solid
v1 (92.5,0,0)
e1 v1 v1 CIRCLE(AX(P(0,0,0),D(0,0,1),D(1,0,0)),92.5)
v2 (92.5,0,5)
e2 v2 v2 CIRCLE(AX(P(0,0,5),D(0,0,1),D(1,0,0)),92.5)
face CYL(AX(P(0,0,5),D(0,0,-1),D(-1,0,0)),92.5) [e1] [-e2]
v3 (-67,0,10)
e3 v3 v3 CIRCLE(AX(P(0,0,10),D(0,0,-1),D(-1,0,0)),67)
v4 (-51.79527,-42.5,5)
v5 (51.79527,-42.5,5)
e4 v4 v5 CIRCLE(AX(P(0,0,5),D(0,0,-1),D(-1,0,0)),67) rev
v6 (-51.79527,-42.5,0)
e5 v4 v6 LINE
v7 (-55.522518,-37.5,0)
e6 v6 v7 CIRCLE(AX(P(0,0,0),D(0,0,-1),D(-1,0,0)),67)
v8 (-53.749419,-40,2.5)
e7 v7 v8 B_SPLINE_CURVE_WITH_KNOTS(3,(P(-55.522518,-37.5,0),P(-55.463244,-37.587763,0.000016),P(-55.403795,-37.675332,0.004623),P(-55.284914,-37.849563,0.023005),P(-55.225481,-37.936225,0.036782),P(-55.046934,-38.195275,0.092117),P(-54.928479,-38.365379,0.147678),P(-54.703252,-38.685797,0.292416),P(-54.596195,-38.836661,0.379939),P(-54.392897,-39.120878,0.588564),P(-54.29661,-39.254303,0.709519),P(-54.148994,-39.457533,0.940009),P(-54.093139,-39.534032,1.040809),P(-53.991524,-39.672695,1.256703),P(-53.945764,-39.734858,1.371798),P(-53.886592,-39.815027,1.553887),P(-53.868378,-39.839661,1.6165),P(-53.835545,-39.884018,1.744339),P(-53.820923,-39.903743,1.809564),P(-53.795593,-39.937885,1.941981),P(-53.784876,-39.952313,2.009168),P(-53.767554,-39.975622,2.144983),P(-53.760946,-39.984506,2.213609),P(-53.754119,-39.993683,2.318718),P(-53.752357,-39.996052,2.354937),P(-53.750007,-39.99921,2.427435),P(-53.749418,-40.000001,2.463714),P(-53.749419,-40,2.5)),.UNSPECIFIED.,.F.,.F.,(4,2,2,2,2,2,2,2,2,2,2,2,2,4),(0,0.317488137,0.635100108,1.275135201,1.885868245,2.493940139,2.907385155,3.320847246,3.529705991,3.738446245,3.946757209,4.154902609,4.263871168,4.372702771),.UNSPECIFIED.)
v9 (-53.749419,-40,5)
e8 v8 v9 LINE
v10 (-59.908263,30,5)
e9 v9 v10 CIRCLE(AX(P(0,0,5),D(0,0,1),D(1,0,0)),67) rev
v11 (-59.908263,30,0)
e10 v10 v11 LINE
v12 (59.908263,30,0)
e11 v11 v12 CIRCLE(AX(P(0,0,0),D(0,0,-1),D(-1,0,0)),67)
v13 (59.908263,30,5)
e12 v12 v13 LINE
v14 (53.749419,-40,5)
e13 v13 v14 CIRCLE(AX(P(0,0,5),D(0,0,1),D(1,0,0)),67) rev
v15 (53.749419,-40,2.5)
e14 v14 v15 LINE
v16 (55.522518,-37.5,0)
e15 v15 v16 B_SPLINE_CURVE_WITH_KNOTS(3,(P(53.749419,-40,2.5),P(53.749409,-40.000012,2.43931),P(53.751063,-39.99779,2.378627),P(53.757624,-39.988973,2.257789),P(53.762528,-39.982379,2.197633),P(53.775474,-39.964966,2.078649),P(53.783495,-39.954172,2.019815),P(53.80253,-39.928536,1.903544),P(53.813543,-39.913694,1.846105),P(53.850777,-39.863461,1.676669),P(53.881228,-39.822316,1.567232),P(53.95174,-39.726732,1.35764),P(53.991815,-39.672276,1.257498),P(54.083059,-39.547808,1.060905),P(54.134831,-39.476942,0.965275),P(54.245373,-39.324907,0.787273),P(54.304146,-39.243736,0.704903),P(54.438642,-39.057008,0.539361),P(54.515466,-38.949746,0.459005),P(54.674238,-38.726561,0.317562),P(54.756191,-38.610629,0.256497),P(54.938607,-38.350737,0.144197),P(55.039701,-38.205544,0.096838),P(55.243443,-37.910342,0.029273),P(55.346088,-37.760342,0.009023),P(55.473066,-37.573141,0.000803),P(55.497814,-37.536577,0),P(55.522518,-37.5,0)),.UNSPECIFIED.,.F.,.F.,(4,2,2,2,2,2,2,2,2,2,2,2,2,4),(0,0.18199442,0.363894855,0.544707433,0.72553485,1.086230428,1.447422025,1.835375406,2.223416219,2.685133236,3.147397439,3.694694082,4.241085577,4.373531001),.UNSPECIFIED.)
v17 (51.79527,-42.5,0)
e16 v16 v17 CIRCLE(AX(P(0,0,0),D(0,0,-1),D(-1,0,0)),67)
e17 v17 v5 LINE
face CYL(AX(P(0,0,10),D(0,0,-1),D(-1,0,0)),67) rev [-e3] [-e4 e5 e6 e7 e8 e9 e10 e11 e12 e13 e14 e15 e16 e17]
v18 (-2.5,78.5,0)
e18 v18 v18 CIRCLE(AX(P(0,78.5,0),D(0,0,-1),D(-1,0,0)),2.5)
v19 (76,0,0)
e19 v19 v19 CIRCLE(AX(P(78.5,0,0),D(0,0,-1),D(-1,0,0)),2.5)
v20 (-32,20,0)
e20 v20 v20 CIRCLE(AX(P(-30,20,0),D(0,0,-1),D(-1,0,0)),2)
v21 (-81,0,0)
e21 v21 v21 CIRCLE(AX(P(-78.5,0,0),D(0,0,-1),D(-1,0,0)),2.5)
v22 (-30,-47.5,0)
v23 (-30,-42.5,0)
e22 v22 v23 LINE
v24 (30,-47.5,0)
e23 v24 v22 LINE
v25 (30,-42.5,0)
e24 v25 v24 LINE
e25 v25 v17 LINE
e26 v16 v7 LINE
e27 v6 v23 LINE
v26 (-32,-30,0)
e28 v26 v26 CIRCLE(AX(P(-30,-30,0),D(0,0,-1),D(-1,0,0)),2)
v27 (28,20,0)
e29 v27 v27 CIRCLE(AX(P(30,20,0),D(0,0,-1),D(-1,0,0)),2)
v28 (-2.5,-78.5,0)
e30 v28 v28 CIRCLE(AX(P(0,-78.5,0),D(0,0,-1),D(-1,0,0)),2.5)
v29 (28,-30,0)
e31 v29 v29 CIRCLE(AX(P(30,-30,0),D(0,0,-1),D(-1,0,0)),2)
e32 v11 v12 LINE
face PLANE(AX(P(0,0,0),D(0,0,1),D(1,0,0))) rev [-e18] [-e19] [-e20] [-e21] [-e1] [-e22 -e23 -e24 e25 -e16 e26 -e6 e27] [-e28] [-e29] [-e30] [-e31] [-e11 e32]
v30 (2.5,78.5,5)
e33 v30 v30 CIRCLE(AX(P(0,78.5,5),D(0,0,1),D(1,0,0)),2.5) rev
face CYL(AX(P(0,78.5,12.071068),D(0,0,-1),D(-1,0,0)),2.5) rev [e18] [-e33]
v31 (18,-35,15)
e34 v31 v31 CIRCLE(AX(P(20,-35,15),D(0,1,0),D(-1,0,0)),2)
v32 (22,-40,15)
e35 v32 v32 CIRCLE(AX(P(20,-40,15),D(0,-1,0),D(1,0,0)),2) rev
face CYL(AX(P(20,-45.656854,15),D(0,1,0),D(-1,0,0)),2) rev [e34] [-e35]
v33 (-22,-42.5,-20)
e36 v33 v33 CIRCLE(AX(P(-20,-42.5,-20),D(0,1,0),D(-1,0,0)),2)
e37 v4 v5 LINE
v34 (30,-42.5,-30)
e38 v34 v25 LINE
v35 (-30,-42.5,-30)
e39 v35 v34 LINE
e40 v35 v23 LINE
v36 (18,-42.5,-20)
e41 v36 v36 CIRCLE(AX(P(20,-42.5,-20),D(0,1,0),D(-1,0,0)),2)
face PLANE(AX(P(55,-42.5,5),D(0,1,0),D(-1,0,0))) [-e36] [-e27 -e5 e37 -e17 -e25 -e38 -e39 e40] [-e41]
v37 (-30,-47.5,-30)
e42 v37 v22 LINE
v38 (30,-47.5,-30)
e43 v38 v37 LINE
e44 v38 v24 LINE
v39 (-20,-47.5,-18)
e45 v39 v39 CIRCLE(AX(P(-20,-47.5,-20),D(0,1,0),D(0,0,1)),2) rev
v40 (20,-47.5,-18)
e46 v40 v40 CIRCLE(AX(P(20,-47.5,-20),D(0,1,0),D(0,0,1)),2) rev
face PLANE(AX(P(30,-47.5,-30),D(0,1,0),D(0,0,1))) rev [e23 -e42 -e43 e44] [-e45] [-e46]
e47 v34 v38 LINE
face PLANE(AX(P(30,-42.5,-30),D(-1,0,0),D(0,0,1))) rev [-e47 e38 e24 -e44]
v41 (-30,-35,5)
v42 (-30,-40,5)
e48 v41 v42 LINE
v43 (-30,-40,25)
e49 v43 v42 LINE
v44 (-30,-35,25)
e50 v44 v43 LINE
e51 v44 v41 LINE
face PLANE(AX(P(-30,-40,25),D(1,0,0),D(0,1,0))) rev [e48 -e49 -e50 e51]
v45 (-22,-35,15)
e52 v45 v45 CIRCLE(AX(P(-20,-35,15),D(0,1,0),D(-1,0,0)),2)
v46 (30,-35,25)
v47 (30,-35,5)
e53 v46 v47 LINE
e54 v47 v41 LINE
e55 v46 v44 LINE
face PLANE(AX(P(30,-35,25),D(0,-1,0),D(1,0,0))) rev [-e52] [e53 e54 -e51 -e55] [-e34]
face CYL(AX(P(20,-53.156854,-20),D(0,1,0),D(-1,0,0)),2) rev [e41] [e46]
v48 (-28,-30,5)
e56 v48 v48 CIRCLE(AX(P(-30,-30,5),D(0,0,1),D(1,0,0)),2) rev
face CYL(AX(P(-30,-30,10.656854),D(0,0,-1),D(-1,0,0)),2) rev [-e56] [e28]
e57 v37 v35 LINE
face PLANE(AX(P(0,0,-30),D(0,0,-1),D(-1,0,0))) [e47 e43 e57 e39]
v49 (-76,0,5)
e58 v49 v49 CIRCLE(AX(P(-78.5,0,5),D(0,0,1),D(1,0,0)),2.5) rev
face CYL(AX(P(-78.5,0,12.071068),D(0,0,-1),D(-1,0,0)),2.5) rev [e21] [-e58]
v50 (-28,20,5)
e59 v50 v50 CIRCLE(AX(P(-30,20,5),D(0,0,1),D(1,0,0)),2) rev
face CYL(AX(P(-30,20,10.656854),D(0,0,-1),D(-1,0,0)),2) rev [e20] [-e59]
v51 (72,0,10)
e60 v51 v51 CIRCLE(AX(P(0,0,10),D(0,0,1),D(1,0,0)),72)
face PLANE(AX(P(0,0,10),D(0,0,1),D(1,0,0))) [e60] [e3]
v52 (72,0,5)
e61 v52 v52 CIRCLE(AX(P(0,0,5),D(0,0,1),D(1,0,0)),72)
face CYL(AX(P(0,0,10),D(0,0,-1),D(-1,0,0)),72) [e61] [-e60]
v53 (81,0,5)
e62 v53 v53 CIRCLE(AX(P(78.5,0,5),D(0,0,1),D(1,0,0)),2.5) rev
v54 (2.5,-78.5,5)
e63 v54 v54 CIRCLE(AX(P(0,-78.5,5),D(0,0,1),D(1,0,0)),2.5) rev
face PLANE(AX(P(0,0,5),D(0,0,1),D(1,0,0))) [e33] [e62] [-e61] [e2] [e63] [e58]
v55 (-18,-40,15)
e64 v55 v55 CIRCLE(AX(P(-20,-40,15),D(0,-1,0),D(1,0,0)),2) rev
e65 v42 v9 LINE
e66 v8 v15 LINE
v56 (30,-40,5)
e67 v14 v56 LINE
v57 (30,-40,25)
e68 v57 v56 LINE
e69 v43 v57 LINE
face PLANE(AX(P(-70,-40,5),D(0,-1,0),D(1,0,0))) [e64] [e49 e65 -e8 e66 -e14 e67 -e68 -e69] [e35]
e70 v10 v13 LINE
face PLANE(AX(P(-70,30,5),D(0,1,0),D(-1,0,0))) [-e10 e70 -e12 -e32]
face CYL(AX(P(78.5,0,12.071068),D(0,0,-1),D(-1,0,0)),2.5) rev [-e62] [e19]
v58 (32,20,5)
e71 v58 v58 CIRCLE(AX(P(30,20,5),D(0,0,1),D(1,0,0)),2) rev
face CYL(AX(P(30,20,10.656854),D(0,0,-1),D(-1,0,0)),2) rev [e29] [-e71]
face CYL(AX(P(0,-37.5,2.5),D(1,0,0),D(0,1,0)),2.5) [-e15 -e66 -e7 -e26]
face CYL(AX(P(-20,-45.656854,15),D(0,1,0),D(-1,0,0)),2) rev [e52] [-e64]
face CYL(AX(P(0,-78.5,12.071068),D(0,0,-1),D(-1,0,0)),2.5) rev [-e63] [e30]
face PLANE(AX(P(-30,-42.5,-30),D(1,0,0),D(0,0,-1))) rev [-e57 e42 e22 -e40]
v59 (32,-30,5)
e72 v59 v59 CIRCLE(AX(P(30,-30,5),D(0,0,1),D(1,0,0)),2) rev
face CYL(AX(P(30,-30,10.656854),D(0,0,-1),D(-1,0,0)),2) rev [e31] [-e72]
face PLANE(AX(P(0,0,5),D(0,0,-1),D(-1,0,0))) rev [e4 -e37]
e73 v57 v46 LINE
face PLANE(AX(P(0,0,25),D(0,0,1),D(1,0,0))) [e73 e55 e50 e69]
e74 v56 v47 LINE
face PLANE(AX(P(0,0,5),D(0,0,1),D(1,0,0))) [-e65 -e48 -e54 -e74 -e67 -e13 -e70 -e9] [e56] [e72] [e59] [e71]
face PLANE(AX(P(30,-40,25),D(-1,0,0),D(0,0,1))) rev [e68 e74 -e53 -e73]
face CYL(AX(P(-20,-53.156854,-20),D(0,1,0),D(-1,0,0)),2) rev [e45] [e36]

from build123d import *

# Parameters (mm, degrees)
SKETCH1_R           = 92.5
BOSS_EXTRUDE1_DEPTH = 5
SKETCH2_R           = 72
BOSS_EXTRUDE2_DEPTH = 5
SKETCH3_R           = 67
CUT_EXTRUDE1_DEPTH  = 11
SKETCH4_W           = 140
SKETCH4_H           = 70
BOSS_EXTRUDE3_DEPTH = 5
SKETCH6_W           = 60
SKETCH6_H           = 5
BOSS_EXTRUDE4_DEPTH = 20
FILLET1_R           = 2.5
SKETCH7_W           = 110
SKETCH7_H           = 25
BOSS_EXTRUDE5_DEPTH = 5
SKETCH8_W           = 60
SKETCH8_H           = 5
BOSS_EXTRUDE6_DEPTH = 30
SKETCH9_R           = 2
CUT_EXTRUDE2_DEPTH  = 5
SKETCH10_R          = 2
CUT_EXTRUDE3_DEPTH  = 5
SKETCH11_R          = 2
CUT_EXTRUDE4_DEPTH  = 5
SKETCH12_R          = 2.5
CUT_EXTRUDE5_DEPTH  = 5


with BuildPart() as part:
    # Sketch1 → Boss-Extrude1 (new body)
    with BuildSketch(Plane.XY):
        Circle(SKETCH1_R)
    extrude(amount=BOSS_EXTRUDE1_DEPTH)

    # Sketch2 → Boss-Extrude2 (add)
    with BuildSketch(Plane.XY.offset(5)):
        Circle(SKETCH2_R)
    extrude(amount=BOSS_EXTRUDE2_DEPTH)

    # Sketch3 → Cut-Extrude1 (cut, through all)
    with BuildSketch(Plane(origin=(0, 0, 0), x_dir=(-1, 0, 0), z_dir=(0, 0, -1))):
        Circle(SKETCH3_R)
    extrude(amount=-CUT_EXTRUDE1_DEPTH, mode=Mode.SUBTRACT)

    # Sketch4 → Boss-Extrude3 (add)
    with BuildSketch(Plane(origin=(0, 0, 0), x_dir=(-1, 0, 0), z_dir=(0, 0, -1))):
        with Locations((0, -5)):
            Rectangle(SKETCH4_W, SKETCH4_H)
    extrude(amount=-BOSS_EXTRUDE3_DEPTH)

    # Sketch6 → Boss-Extrude4 (add)
    with BuildSketch(Plane.XY.offset(5)):
        with Locations((0, -37.5)):
            Rectangle(SKETCH6_W, SKETCH6_H)
    extrude(amount=BOSS_EXTRUDE4_DEPTH)

    # Fillet1
    fillet1_edges = [part.edges().sort_by_distance(p)[0] for p in [
        (0, -40, 0),
    ]]
    fillet(fillet1_edges, radius=FILLET1_R)

    # Sketch7 → Boss-Extrude5 (add)
    with BuildSketch(Plane(origin=(0, 0, 0), x_dir=(-1, 0, 0), z_dir=(0, 0, -1))):
        with Locations((0, -55)):
            Rectangle(SKETCH7_W, SKETCH7_H)
    extrude(amount=-BOSS_EXTRUDE5_DEPTH)

    # Sketch8 → Boss-Extrude6 (add)
    with BuildSketch(Plane(origin=(0, 0, 0), x_dir=(-1, 0, 0), z_dir=(0, 0, -1))):
        with Locations((0, -45)):
            Rectangle(SKETCH8_W, SKETCH8_H)
    extrude(amount=BOSS_EXTRUDE6_DEPTH)

    # Sketch9 → Cut-Extrude2 (cut)
    with BuildSketch(Plane(origin=(0, -35, 0), x_dir=(1, 0, 0), z_dir=(0, 1, 0))):
        with Locations((-20, -15)):
            Circle(SKETCH9_R)
        with Locations((20, -15)):
            Circle(SKETCH9_R)
    extrude(amount=-CUT_EXTRUDE2_DEPTH, mode=Mode.SUBTRACT)

    # Sketch10 → Cut-Extrude3 (cut)
    with BuildSketch(Plane(origin=(0, -42.5, 0), x_dir=(1, 0, 0), z_dir=(0, 1, 0))):
        with Locations((-20, 20)):
            Circle(SKETCH10_R)
        with Locations((20, 20)):
            Circle(SKETCH10_R)
    extrude(amount=-CUT_EXTRUDE3_DEPTH, mode=Mode.SUBTRACT)

    # Sketch11 → Cut-Extrude4 (cut)
    with BuildSketch(Plane(origin=(0, 0, 0), x_dir=(-1, 0, 0), z_dir=(0, 0, -1))):
        with Locations((-30, -30)):
            Circle(SKETCH11_R)
        with Locations((-30, 20)):
            Circle(SKETCH11_R)
        with Locations((30, 20)):
            Circle(SKETCH11_R)
        with Locations((30, -30)):
            Circle(SKETCH11_R)
    extrude(amount=-CUT_EXTRUDE4_DEPTH, mode=Mode.SUBTRACT)

    # Sketch12 → Cut-Extrude5 (cut)
    with BuildSketch(Plane(origin=(0, 0, 0), x_dir=(-1, 0, 0), z_dir=(0, 0, -1))):
        with Locations((0, -78.5)):
            Circle(SKETCH12_R)
        with Locations((-78.5, 0)):
            Circle(SKETCH12_R)
        with Locations((0, 78.5)):
            Circle(SKETCH12_R)
        with Locations((78.5, 0)):
            Circle(SKETCH12_R)
    extrude(amount=-CUT_EXTRUDE5_DEPTH, mode=Mode.SUBTRACT)


solid = part.part
